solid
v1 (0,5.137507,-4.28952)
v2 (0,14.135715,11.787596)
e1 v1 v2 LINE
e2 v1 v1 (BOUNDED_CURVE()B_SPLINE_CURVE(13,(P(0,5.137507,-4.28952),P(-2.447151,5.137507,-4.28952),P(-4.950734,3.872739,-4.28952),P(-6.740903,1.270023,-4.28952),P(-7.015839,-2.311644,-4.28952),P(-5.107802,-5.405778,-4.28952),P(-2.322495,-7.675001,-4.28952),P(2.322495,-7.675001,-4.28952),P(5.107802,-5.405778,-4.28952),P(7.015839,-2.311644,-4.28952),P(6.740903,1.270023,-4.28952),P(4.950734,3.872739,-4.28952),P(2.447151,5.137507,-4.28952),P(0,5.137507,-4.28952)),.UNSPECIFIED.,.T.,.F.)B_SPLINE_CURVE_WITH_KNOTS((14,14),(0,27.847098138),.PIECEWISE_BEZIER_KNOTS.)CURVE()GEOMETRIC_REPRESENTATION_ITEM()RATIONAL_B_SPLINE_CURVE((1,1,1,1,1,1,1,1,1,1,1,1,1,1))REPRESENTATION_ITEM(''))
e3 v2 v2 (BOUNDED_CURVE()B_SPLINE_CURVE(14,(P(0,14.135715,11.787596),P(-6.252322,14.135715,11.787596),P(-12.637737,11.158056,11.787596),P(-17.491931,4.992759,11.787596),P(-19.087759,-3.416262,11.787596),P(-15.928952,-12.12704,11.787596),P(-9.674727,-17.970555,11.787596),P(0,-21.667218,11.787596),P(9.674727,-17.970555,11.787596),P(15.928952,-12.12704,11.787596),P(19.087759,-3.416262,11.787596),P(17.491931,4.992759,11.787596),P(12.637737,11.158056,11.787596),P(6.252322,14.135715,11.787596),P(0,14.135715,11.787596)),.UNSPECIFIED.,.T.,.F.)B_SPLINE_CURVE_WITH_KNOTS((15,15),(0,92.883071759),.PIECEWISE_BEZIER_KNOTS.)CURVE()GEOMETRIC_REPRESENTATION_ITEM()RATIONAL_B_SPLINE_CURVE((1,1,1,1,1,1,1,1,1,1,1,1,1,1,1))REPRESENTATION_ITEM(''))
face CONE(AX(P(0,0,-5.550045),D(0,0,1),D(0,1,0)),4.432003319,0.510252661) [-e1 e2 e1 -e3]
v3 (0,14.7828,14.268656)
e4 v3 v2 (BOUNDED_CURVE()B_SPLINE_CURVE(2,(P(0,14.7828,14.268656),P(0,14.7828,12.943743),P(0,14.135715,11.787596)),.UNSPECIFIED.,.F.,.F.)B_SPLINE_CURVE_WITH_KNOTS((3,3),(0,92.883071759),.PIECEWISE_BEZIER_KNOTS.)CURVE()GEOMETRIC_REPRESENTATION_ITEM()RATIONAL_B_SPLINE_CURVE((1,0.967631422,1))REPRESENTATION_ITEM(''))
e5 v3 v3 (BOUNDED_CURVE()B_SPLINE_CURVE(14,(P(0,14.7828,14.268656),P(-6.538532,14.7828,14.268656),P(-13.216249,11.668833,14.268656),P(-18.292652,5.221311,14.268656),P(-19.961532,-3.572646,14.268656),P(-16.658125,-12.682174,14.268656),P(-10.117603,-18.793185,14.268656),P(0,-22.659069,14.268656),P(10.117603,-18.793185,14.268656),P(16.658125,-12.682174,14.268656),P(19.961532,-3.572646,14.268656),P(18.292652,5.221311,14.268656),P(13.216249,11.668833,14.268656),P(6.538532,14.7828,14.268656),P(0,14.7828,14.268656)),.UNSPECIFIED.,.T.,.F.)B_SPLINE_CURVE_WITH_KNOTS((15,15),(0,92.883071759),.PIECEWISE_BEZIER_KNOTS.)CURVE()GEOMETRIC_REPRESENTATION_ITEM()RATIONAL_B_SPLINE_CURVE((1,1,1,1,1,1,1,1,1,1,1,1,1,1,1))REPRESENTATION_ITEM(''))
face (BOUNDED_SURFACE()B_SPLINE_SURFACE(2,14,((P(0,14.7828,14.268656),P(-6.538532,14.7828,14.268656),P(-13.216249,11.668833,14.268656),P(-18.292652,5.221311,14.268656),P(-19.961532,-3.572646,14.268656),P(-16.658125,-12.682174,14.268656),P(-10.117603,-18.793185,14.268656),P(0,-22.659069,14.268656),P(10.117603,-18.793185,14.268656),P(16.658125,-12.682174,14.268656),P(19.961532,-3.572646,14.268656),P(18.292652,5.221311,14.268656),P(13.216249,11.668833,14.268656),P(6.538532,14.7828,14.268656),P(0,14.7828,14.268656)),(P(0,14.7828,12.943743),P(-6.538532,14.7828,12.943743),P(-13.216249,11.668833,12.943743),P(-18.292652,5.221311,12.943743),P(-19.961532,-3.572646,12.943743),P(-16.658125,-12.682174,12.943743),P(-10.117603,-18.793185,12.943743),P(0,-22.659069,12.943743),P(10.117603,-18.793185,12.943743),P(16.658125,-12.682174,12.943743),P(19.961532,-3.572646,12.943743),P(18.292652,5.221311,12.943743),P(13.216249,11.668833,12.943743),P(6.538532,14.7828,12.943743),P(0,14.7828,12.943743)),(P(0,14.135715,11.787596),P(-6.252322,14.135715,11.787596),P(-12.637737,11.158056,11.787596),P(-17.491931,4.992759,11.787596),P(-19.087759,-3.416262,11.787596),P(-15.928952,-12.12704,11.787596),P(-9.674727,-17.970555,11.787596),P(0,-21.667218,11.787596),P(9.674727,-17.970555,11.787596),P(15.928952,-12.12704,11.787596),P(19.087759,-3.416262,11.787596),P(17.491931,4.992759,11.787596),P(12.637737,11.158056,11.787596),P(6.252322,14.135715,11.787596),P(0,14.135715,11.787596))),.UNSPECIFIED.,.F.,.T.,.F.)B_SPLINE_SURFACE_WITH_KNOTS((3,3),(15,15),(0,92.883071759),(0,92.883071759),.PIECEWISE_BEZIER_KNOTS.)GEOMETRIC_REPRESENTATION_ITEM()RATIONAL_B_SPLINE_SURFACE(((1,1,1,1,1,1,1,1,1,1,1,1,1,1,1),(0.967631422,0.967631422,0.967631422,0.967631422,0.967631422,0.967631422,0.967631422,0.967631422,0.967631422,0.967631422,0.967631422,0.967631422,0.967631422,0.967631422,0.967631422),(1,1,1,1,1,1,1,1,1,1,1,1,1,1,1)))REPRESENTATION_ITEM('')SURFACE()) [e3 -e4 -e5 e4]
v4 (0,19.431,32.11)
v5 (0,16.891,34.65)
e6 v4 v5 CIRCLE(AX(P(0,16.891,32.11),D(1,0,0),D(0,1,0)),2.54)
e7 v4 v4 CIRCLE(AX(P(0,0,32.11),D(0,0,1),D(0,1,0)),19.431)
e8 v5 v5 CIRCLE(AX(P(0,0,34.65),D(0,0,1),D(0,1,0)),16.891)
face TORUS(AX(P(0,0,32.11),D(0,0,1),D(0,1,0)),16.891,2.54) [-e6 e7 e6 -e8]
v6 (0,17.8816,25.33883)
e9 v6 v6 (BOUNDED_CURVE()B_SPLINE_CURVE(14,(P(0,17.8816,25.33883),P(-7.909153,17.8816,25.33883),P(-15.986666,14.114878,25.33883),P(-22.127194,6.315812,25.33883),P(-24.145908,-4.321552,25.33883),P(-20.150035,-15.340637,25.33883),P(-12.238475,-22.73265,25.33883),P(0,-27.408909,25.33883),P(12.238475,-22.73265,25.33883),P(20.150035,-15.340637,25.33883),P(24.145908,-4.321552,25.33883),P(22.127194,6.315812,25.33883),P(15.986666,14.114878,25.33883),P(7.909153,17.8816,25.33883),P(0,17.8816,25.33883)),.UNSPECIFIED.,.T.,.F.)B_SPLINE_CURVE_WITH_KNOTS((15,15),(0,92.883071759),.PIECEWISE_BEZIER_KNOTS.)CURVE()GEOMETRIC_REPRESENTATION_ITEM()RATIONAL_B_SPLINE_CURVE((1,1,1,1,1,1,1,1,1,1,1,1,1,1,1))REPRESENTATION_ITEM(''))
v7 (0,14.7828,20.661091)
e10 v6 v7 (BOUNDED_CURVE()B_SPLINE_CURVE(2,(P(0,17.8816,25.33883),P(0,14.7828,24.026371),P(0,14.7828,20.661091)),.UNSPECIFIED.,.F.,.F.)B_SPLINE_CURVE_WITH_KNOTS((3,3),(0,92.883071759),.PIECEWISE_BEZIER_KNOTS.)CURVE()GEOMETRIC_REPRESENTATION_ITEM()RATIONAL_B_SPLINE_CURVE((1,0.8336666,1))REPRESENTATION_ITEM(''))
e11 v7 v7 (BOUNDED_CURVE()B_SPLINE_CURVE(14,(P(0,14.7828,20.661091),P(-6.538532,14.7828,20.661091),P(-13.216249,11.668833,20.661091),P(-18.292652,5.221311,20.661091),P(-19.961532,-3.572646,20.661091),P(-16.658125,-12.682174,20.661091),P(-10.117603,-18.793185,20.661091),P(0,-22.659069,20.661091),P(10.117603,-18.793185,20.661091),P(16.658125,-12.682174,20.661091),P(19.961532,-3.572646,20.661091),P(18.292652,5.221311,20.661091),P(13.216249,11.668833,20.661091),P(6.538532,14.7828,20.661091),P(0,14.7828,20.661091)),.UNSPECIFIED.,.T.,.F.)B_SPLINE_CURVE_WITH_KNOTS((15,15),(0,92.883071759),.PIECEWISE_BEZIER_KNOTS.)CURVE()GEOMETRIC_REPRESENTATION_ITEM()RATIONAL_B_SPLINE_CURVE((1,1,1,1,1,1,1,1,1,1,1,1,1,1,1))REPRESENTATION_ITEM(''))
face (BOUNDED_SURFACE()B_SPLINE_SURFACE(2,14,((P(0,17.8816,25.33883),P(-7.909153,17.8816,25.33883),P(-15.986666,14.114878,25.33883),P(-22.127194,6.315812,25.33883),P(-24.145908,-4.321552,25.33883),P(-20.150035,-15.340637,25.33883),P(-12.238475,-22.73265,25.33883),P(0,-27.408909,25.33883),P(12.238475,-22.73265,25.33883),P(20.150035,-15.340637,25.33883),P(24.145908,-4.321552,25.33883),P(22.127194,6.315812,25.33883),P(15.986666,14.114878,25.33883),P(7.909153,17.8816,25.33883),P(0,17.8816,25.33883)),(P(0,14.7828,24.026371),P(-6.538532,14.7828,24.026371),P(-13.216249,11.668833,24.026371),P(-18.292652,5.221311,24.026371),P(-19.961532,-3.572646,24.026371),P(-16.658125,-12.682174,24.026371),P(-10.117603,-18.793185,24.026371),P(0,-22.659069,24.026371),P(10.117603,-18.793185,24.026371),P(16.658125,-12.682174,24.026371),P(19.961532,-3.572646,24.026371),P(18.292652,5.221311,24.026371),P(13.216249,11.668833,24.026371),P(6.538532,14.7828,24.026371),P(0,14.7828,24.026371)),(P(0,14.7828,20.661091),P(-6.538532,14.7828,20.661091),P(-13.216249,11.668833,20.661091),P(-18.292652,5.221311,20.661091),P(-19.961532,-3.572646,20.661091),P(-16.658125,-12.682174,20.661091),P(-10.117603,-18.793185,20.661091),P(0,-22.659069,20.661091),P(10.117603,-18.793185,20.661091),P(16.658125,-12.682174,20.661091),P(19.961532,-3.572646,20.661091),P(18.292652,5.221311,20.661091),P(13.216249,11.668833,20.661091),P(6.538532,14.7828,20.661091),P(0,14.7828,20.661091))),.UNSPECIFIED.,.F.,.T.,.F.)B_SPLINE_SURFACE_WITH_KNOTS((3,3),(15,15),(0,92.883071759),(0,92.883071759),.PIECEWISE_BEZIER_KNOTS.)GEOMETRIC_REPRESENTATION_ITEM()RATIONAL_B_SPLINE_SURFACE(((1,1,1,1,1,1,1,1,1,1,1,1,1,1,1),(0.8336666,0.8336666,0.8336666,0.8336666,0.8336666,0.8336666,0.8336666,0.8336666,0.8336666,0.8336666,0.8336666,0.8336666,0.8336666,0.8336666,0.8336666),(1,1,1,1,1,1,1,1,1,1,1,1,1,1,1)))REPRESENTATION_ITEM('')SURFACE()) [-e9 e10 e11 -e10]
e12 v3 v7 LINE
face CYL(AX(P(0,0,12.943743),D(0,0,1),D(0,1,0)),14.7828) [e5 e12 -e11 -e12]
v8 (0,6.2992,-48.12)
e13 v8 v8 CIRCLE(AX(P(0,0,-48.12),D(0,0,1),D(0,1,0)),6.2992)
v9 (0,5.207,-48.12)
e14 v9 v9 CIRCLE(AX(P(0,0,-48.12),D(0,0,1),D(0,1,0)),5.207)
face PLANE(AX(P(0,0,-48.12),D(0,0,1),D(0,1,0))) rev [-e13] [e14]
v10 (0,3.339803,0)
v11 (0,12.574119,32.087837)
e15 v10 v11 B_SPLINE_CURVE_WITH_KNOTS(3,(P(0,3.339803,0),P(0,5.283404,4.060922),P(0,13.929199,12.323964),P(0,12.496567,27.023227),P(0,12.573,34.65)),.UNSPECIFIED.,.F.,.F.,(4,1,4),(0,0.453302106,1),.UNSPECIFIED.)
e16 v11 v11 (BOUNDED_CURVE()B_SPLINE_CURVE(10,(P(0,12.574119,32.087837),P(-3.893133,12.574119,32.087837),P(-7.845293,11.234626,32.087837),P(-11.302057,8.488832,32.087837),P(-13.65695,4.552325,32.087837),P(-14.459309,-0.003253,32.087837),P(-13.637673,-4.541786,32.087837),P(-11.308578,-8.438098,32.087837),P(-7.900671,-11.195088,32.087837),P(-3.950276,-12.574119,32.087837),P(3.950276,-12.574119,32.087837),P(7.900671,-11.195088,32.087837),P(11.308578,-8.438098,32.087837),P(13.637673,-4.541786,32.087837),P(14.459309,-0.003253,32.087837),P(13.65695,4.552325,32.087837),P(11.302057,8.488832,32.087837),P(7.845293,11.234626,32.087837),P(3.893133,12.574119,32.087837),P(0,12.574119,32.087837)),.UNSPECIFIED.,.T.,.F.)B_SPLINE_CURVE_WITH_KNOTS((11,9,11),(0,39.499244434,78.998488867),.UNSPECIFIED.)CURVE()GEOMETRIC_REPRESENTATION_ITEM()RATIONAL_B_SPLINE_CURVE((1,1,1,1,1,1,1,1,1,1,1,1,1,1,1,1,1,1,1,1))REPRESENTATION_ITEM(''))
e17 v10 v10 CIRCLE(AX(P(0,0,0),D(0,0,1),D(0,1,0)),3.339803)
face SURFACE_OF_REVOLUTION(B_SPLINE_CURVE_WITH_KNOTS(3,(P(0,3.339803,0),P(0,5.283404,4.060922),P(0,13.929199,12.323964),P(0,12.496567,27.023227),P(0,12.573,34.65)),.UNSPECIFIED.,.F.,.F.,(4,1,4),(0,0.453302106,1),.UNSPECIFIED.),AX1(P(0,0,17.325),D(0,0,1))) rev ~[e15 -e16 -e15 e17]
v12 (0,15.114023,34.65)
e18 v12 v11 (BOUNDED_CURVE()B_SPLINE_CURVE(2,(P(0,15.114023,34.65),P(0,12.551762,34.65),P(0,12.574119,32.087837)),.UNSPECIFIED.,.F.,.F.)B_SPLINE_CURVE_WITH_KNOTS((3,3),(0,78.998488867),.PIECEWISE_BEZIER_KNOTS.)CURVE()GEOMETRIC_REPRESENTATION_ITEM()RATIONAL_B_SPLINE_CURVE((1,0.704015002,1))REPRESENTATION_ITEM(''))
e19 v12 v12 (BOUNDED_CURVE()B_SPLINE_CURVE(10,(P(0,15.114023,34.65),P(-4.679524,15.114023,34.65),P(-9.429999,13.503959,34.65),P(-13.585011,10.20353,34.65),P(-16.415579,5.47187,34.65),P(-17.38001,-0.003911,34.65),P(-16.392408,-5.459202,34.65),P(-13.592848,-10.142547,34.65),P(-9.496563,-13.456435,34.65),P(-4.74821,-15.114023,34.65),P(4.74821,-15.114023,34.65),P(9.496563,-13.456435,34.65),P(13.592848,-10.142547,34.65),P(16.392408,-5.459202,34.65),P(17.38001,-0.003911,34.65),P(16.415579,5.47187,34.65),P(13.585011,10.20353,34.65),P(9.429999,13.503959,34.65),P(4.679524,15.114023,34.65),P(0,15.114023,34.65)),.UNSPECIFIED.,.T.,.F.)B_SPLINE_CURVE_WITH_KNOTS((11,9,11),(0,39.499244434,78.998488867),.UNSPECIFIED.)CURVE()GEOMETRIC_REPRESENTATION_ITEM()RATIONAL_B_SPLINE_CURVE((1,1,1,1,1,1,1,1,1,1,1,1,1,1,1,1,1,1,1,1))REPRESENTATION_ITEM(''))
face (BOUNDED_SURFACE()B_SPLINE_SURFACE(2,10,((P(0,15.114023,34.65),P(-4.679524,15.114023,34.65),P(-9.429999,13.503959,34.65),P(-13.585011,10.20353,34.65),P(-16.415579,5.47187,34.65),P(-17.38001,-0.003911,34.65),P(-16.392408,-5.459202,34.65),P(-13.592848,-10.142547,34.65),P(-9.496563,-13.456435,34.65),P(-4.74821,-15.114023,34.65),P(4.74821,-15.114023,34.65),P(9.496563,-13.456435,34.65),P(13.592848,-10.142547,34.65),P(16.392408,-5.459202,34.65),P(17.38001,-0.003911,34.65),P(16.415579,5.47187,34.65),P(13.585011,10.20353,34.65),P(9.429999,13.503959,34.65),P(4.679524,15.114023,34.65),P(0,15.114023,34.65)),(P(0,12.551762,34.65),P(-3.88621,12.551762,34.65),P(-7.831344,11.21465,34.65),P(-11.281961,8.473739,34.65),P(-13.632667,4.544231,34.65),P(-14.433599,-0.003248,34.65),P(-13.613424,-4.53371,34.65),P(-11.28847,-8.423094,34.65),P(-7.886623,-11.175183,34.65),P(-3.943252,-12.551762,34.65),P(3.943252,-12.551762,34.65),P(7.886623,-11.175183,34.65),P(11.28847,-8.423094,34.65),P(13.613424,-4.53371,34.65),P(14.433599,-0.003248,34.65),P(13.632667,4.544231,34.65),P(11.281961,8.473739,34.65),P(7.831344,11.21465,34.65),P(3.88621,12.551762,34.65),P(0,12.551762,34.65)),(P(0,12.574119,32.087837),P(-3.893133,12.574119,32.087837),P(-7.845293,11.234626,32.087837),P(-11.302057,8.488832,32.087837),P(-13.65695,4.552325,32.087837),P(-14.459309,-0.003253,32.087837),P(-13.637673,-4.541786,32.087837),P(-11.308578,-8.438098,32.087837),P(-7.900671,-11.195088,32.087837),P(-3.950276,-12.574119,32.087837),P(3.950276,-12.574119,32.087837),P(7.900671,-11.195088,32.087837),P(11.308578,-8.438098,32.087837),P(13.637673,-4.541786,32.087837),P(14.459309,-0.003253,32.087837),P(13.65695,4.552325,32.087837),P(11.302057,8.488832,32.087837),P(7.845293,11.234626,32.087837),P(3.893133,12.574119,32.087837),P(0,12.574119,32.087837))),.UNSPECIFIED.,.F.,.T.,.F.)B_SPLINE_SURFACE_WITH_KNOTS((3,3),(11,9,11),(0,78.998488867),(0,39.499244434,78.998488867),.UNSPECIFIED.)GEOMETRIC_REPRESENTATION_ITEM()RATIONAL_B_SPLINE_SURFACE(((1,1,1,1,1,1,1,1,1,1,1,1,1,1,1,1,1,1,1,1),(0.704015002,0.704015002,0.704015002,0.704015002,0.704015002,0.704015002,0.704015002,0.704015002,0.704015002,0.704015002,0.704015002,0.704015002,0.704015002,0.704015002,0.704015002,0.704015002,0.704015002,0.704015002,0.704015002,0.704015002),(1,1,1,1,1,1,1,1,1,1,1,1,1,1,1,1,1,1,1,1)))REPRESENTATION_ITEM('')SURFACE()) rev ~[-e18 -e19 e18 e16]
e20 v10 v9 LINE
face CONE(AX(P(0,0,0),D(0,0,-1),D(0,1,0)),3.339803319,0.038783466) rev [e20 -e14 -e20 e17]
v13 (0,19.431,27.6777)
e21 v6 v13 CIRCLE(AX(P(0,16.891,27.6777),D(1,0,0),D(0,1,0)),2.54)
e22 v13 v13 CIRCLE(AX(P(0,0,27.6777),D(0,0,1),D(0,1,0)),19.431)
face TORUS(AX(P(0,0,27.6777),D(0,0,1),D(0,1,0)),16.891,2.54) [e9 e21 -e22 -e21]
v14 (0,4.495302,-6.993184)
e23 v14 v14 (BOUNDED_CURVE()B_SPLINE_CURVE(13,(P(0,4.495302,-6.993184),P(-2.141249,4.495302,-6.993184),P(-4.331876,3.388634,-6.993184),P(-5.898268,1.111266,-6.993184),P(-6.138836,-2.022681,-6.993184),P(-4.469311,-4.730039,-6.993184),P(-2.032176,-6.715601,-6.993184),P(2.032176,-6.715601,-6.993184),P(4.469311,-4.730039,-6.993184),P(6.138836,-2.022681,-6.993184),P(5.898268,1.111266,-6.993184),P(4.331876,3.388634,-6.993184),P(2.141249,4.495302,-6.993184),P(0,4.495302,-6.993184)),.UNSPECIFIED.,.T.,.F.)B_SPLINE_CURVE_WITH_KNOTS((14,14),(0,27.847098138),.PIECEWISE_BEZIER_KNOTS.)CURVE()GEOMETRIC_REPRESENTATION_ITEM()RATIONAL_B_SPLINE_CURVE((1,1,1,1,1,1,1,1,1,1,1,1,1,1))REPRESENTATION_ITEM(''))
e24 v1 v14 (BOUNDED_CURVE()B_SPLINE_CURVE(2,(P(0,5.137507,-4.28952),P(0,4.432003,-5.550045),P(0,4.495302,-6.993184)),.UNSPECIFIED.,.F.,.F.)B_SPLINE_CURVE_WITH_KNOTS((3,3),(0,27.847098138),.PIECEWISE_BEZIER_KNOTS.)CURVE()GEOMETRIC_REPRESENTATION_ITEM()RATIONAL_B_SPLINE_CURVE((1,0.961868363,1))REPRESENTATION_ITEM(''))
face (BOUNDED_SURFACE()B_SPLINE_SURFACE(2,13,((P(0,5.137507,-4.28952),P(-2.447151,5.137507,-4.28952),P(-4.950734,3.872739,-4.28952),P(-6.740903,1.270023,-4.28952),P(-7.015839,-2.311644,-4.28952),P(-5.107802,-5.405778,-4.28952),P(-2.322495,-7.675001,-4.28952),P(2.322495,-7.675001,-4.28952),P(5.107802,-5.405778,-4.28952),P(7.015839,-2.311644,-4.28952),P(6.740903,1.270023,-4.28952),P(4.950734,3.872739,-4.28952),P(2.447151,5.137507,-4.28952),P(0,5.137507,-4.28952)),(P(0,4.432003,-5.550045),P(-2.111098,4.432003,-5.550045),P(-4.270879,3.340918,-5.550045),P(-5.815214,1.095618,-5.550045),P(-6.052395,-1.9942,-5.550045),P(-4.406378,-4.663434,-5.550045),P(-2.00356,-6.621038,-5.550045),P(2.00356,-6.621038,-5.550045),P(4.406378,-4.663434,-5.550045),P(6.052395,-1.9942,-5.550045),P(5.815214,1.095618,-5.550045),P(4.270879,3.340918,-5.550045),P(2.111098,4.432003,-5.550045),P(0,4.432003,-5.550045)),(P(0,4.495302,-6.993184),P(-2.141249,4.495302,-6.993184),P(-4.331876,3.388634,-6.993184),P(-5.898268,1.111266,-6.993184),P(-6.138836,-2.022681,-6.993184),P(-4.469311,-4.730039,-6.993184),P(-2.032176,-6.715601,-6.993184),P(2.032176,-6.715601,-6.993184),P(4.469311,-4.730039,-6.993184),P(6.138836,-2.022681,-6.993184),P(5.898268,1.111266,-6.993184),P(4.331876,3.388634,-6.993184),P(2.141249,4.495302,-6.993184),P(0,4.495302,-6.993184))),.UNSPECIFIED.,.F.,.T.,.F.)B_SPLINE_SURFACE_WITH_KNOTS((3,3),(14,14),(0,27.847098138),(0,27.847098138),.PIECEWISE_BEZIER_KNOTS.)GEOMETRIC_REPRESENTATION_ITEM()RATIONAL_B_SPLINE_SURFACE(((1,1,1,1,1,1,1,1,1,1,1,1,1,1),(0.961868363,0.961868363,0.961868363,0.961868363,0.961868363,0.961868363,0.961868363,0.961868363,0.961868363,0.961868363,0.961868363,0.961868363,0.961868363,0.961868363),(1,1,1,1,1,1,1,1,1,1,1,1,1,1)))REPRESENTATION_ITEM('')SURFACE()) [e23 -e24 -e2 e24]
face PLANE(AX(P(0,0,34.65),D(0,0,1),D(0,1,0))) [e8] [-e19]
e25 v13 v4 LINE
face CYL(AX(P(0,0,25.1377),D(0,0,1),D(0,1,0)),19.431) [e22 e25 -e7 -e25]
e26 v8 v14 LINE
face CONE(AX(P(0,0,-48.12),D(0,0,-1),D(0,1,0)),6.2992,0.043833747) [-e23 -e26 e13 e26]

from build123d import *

# Parameters (mm, degrees)
F2_R = 2.54
F3_R = 5.08


with BuildPart() as f1:
    # F0 (on Right) → F1 (revolve)
    with BuildSketch(Plane.YZ):
        with BuildLine():
            Line((6.2992, -48.12), (4.4320033194, -5.5500445782))
            Line((4.4320033194, -5.5500445782), (14.7828, 12.9437427968))
            Line((14.7828, 12.9437427968), (14.7828, 25.1377))
            Line((14.7828, 25.1377), (19.431, 25.1377))
            Line((19.431, 25.1377), (19.431, 34.65))
            Line((19.431, 34.65), (12.573, 34.65))
            add(Edge.make_bspline(
                [(3.3398033194, 0), (5.2834041409, 4.0609219444), (13.9291986198, 12.3239642156), (12.4965674617, 27.0232269442), (12.573, 34.65)],
                knots=[0, 0, 0, 0, 0.4533021056, 1, 1, 1, 1], degree=3))
            Line((3.3398033194, 0), (5.207, -48.12))
            Line((5.207, -48.12), (6.2992, -48.12))
        make_face()
    revolve(axis=Axis((0, 0, 17.325), (0, 0, 1)))

    # F2
    f2_edges = [f1.edges().sort_by_distance(p)[0] for p in [
        (0, -19.431, 34.65),
        (0, -12.573, 34.65),
        (0, -19.431, 25.1377),
    ]]
    fillet(f2_edges, radius=F2_R)

    # F3
    f3_edges = [f1.edges().sort_by_distance(p)[0] for p in [
        (0, -14.7828, 25.1377),
        (0, -14.7828, 12.943743),
        (0, -4.432003, -5.550045),
        (0, 9.607402, 3.696849),
    ]]
    fillet(f3_edges, radius=F3_R)


solid = f1.part
